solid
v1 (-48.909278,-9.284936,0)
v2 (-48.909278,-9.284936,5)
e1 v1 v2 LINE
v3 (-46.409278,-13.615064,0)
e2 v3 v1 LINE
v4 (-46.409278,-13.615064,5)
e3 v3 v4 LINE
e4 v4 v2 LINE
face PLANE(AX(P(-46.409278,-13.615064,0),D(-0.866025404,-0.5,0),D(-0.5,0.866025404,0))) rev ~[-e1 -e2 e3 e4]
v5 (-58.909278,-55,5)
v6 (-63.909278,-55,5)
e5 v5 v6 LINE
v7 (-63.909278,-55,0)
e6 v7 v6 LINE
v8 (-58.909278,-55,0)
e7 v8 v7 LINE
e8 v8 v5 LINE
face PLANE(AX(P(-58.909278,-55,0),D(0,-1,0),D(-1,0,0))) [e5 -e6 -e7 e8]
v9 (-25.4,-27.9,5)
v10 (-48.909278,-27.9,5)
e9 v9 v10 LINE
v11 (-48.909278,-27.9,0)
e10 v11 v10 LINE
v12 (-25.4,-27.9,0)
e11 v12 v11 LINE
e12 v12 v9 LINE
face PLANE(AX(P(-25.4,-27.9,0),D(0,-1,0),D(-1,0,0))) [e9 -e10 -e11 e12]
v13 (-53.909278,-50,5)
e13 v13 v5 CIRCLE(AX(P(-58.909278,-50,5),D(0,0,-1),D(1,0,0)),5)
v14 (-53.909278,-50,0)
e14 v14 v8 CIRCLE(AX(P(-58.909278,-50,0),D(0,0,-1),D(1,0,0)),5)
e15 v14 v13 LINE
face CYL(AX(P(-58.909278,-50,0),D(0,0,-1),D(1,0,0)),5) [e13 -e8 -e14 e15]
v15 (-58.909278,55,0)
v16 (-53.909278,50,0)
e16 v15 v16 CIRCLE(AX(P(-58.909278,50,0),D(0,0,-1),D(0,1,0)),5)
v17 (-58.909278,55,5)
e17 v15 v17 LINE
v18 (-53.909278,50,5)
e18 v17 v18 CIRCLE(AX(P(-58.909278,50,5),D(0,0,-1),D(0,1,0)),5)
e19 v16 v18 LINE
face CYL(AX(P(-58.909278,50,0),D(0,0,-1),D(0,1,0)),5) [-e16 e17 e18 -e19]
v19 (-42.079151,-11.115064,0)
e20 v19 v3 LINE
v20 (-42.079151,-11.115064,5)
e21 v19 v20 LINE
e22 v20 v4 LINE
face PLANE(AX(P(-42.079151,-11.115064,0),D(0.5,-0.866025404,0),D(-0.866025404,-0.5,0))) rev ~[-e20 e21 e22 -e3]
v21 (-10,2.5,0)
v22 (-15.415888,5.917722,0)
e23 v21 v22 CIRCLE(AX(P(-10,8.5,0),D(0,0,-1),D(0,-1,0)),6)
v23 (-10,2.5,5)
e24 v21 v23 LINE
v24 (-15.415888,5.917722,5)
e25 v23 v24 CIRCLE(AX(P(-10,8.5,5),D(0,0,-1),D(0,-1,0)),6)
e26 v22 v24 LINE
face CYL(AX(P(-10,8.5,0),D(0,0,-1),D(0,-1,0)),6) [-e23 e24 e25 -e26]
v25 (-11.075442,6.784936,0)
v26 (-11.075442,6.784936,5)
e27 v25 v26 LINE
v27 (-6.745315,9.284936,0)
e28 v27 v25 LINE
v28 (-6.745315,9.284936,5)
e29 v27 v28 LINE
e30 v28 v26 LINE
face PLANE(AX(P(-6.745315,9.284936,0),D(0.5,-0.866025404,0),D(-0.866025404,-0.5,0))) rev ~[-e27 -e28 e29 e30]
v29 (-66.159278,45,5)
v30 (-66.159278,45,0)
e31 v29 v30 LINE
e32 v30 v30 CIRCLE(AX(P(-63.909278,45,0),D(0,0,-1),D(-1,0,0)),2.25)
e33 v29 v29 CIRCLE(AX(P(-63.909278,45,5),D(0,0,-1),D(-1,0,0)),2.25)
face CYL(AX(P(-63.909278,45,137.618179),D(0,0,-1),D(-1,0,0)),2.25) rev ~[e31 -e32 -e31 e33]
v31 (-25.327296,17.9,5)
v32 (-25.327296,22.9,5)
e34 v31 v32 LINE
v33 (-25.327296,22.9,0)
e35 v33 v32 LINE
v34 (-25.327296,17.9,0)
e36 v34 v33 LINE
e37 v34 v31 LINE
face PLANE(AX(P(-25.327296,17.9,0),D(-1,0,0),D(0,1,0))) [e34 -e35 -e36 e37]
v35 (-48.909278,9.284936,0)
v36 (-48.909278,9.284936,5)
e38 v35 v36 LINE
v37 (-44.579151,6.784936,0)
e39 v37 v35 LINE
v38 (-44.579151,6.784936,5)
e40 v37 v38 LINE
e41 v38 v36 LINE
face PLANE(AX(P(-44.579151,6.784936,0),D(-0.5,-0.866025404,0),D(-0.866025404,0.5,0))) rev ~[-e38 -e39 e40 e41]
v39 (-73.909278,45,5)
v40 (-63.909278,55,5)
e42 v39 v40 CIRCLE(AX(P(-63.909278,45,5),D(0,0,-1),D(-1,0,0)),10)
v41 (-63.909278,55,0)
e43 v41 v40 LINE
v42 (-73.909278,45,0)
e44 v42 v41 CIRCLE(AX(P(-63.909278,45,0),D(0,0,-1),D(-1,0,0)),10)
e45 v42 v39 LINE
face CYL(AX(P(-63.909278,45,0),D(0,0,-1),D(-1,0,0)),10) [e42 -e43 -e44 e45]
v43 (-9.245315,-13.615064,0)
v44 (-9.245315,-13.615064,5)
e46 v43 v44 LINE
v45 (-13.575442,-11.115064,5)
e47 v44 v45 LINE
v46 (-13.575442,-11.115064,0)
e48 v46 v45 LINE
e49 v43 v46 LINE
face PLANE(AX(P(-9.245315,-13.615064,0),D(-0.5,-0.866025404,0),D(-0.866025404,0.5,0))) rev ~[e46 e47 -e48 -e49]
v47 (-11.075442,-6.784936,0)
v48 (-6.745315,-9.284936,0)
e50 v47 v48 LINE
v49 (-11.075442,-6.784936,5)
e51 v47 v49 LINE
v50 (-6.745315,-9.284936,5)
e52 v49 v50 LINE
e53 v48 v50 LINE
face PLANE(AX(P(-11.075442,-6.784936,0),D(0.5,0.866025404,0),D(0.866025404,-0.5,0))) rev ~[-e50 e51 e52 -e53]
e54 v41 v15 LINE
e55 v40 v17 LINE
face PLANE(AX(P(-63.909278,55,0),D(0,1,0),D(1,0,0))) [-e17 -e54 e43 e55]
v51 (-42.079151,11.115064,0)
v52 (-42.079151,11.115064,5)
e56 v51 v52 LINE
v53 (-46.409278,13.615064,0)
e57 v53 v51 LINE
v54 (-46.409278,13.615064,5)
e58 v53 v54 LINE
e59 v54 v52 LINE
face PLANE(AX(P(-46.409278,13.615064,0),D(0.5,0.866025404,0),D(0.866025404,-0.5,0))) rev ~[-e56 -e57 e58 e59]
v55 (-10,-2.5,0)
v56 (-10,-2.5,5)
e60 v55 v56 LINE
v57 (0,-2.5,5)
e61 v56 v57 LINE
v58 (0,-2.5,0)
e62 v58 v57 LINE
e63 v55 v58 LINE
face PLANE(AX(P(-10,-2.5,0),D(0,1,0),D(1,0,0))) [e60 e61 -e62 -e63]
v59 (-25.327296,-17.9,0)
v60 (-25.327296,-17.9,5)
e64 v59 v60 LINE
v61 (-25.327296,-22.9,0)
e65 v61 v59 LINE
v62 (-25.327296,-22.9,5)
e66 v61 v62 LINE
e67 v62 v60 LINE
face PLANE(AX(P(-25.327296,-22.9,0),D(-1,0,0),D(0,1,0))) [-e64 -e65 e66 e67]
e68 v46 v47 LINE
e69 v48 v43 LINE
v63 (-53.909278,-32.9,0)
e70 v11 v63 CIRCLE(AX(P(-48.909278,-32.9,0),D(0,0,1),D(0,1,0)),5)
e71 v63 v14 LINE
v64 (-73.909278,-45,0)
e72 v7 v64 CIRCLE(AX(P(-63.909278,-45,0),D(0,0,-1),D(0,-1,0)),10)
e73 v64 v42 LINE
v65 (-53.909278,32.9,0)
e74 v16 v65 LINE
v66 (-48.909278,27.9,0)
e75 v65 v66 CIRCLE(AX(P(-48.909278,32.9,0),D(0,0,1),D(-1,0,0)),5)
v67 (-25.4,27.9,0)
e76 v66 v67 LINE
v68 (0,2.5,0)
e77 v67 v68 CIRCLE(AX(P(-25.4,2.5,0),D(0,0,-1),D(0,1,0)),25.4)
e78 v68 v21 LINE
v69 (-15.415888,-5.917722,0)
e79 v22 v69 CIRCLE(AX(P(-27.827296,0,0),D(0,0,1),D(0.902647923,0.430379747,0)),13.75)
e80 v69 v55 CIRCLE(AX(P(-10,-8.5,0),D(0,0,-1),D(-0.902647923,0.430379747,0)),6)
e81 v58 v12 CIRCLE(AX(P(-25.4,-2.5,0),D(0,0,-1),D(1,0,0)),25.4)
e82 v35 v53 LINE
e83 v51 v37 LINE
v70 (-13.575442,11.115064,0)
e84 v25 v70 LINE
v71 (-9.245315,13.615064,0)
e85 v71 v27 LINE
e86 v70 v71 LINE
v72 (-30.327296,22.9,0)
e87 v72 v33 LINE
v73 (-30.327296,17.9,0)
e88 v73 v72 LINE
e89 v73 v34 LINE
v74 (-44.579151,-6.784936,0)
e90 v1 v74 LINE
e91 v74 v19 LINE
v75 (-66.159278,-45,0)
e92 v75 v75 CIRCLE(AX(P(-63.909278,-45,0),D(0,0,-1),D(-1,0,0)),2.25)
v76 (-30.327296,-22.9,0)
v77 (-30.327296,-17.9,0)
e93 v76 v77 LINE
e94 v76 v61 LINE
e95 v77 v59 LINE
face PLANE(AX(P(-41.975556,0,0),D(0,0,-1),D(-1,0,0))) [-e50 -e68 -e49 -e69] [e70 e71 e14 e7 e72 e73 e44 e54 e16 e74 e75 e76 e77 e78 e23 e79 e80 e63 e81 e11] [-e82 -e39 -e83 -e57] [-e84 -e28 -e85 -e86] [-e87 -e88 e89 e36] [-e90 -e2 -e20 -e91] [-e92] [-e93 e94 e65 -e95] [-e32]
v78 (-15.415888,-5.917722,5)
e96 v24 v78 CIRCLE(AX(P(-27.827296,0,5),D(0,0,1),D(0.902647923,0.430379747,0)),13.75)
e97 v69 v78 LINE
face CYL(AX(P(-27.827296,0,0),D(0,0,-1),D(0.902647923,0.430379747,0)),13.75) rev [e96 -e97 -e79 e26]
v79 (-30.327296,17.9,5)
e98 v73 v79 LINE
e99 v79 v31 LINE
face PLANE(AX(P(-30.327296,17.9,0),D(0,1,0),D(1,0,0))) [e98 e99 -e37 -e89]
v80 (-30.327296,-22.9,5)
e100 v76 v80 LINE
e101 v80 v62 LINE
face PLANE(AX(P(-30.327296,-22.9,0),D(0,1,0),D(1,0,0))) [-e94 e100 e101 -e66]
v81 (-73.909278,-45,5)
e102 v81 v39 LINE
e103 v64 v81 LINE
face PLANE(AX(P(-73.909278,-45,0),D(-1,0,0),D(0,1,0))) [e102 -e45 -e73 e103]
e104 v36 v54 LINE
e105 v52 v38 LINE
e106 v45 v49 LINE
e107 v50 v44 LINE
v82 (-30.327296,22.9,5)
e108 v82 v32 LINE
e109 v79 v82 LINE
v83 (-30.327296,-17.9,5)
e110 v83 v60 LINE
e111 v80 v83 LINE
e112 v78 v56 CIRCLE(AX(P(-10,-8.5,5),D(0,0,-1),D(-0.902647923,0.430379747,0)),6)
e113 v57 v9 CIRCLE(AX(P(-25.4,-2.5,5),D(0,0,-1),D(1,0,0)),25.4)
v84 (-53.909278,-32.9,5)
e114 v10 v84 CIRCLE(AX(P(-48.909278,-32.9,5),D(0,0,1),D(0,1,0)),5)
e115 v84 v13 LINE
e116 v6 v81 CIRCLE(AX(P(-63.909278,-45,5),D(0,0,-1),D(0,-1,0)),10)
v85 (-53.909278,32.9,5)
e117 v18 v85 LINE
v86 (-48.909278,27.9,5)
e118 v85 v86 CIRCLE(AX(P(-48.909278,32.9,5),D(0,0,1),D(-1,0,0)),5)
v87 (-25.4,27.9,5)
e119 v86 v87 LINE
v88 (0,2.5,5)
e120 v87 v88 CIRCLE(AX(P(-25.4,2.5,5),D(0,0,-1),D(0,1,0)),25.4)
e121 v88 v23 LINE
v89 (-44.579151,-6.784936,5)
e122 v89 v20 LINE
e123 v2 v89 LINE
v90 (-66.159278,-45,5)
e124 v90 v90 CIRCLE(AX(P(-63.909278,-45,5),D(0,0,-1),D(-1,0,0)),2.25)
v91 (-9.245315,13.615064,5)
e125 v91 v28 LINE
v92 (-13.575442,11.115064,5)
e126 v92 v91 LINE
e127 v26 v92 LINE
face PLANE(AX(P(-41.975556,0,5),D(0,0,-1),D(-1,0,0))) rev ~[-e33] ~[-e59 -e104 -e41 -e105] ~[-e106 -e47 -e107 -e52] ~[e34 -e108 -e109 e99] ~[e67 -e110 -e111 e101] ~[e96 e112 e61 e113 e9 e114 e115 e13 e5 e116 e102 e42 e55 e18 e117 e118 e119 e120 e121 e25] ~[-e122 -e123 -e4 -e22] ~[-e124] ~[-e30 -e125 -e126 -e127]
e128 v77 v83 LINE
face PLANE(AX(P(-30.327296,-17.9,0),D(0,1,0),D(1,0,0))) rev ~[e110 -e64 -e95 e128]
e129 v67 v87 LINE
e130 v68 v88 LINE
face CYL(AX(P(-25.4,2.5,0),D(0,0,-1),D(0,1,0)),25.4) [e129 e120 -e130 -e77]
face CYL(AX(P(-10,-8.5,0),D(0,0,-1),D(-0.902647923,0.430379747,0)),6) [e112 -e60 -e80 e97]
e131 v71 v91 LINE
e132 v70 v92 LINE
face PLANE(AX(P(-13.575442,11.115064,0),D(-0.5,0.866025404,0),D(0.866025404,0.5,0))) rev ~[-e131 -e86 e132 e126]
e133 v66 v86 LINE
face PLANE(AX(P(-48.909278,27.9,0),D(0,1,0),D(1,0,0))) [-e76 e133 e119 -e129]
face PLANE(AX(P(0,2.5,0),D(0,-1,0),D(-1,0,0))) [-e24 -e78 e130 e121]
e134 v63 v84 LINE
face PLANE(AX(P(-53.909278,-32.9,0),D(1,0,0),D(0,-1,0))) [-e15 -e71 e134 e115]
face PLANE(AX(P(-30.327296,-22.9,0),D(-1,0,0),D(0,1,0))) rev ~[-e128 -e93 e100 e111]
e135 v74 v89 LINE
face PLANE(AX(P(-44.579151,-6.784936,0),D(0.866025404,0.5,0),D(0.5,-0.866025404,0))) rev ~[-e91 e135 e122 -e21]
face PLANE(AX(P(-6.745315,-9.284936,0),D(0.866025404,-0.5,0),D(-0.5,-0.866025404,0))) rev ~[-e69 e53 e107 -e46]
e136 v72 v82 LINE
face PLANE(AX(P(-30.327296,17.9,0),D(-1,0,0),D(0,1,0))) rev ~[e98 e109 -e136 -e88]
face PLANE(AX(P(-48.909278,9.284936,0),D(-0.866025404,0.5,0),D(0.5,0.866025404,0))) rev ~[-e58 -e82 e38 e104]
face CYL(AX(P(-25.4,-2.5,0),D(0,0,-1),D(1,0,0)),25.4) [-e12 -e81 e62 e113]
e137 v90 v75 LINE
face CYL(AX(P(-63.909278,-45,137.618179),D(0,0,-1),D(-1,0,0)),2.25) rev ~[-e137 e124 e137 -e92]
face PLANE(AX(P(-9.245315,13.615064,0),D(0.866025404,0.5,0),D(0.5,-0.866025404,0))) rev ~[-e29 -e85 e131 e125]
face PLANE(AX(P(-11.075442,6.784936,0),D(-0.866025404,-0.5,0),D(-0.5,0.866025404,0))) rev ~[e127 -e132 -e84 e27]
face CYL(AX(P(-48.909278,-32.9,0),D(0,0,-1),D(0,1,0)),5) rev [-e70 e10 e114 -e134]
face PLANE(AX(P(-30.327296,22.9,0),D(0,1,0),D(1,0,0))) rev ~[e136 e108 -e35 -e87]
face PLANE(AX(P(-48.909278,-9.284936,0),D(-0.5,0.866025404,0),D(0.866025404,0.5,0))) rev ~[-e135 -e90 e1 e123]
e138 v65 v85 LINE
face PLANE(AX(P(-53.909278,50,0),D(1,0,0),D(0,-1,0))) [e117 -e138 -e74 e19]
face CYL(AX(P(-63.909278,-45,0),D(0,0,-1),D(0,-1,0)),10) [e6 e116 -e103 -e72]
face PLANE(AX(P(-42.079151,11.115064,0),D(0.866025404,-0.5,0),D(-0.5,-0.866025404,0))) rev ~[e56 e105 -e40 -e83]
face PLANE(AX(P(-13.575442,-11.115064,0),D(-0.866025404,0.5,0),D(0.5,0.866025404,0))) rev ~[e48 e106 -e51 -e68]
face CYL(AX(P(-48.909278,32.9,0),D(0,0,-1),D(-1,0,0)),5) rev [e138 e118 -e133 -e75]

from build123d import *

# Parameters (mm, degrees)
ESQUISSE1_W        = 5
ESQUISSE1_H        = 5
BOSS_EXTRU_1_DEPTH = 5
D_GAGEMENT_M41_D   = 4.5


with BuildPart() as part:
    # Esquisse1 → Boss.-Extru.1 (new body)
    with BuildSketch(Plane.XY):
        with BuildLine():
            Line((-58.909278233, -55), (-63.909278233, -55))
            ThreePointArc((-63.909278233, -55), (-70.980346045, -52.071067812), (-73.909278233, -45))
            Line((-73.909278233, -45), (-73.909278233, 45))
            ThreePointArc((-73.909278233, 45), (-70.980346045, 52.071067812), (-63.909278233, 55))
            Line((-63.909278233, 55), (-58.909278233, 55))
            ThreePointArc((-58.909278233, 55), (-55.373744327, 53.535533906), (-53.909278233, 50))
            Line((-53.909278233, 50), (-53.909278233, 32.9))
            ThreePointArc((-53.909278233, 32.9), (-52.444812139, 29.364466094), (-48.909278233, 27.9))
            Line((-48.909278233, 27.9), (-25.4, 27.9))
            ThreePointArc((-25.4, 27.9), (-7.439487758, 20.460512242), (0, 2.5))
            Line((0, 2.5), (-10, 2.5))
            ThreePointArc((-10, 2.5), (-13.202056301, 3.42586604), (-15.41588754, 5.917721519))
            ThreePointArc((-15.41588754, 5.917721519), (-41.577296486, 0), (-15.41588754, -5.917721519))
            ThreePointArc((-15.41588754, -5.917721519), (-13.202056301, -3.42586604), (-10, -2.5))
            Line((-10, -2.5), (0, -2.5))
            ThreePointArc((0, -2.5), (-7.439487758, -20.460512242), (-25.4, -27.9))
            Line((-25.4, -27.9), (-48.909278233, -27.9))
            ThreePointArc((-48.909278233, -27.9), (-52.444812139, -29.364466094), (-53.909278233, -32.9))
            Line((-53.909278233, -32.9), (-53.909278233, -50))
            ThreePointArc((-53.909278233, -50), (-55.373744327, -53.535533906), (-58.909278233, -55))
        make_face()
        with Locations((-27.827296486, 20.4)):
            Rectangle(ESQUISSE1_W, ESQUISSE1_H, mode=Mode.SUBTRACT)
        Polygon((-9.245314739, 13.615063509), (-6.745314739, 9.284936491), (-11.075441758, 6.784936491), (-13.575441758, 11.115063509), align=None, mode=Mode.SUBTRACT)
        Polygon((-6.745314739, -9.284936491), (-9.245314739, -13.615063509), (-13.575441758, -11.115063509), (-11.075441758, -6.784936491), align=None, mode=Mode.SUBTRACT)
        with Locations((-27.827296486, -20.4)):
            Rectangle(ESQUISSE1_W, ESQUISSE1_H, mode=Mode.SUBTRACT)
        Polygon((-46.409278233, -13.615063509), (-48.909278233, -9.284936491), (-44.579151214, -6.784936491), (-42.079151214, -11.115063509), align=None, mode=Mode.SUBTRACT)
        Polygon((-48.909278233, 9.284936491), (-46.409278233, 13.615063509), (-42.079151214, 11.115063509), (-44.579151214, 6.784936491), align=None, mode=Mode.SUBTRACT)
    extrude(amount=BOSS_EXTRU_1_DEPTH)

    # Dégagement M41 (through all)
    with Locations(Plane.XY.offset(5)):
        with Locations((-63.909278233, 45), (-63.909278233, -45)):
            Hole(D_GAGEMENT_M41_D / 2)


solid = part.part
